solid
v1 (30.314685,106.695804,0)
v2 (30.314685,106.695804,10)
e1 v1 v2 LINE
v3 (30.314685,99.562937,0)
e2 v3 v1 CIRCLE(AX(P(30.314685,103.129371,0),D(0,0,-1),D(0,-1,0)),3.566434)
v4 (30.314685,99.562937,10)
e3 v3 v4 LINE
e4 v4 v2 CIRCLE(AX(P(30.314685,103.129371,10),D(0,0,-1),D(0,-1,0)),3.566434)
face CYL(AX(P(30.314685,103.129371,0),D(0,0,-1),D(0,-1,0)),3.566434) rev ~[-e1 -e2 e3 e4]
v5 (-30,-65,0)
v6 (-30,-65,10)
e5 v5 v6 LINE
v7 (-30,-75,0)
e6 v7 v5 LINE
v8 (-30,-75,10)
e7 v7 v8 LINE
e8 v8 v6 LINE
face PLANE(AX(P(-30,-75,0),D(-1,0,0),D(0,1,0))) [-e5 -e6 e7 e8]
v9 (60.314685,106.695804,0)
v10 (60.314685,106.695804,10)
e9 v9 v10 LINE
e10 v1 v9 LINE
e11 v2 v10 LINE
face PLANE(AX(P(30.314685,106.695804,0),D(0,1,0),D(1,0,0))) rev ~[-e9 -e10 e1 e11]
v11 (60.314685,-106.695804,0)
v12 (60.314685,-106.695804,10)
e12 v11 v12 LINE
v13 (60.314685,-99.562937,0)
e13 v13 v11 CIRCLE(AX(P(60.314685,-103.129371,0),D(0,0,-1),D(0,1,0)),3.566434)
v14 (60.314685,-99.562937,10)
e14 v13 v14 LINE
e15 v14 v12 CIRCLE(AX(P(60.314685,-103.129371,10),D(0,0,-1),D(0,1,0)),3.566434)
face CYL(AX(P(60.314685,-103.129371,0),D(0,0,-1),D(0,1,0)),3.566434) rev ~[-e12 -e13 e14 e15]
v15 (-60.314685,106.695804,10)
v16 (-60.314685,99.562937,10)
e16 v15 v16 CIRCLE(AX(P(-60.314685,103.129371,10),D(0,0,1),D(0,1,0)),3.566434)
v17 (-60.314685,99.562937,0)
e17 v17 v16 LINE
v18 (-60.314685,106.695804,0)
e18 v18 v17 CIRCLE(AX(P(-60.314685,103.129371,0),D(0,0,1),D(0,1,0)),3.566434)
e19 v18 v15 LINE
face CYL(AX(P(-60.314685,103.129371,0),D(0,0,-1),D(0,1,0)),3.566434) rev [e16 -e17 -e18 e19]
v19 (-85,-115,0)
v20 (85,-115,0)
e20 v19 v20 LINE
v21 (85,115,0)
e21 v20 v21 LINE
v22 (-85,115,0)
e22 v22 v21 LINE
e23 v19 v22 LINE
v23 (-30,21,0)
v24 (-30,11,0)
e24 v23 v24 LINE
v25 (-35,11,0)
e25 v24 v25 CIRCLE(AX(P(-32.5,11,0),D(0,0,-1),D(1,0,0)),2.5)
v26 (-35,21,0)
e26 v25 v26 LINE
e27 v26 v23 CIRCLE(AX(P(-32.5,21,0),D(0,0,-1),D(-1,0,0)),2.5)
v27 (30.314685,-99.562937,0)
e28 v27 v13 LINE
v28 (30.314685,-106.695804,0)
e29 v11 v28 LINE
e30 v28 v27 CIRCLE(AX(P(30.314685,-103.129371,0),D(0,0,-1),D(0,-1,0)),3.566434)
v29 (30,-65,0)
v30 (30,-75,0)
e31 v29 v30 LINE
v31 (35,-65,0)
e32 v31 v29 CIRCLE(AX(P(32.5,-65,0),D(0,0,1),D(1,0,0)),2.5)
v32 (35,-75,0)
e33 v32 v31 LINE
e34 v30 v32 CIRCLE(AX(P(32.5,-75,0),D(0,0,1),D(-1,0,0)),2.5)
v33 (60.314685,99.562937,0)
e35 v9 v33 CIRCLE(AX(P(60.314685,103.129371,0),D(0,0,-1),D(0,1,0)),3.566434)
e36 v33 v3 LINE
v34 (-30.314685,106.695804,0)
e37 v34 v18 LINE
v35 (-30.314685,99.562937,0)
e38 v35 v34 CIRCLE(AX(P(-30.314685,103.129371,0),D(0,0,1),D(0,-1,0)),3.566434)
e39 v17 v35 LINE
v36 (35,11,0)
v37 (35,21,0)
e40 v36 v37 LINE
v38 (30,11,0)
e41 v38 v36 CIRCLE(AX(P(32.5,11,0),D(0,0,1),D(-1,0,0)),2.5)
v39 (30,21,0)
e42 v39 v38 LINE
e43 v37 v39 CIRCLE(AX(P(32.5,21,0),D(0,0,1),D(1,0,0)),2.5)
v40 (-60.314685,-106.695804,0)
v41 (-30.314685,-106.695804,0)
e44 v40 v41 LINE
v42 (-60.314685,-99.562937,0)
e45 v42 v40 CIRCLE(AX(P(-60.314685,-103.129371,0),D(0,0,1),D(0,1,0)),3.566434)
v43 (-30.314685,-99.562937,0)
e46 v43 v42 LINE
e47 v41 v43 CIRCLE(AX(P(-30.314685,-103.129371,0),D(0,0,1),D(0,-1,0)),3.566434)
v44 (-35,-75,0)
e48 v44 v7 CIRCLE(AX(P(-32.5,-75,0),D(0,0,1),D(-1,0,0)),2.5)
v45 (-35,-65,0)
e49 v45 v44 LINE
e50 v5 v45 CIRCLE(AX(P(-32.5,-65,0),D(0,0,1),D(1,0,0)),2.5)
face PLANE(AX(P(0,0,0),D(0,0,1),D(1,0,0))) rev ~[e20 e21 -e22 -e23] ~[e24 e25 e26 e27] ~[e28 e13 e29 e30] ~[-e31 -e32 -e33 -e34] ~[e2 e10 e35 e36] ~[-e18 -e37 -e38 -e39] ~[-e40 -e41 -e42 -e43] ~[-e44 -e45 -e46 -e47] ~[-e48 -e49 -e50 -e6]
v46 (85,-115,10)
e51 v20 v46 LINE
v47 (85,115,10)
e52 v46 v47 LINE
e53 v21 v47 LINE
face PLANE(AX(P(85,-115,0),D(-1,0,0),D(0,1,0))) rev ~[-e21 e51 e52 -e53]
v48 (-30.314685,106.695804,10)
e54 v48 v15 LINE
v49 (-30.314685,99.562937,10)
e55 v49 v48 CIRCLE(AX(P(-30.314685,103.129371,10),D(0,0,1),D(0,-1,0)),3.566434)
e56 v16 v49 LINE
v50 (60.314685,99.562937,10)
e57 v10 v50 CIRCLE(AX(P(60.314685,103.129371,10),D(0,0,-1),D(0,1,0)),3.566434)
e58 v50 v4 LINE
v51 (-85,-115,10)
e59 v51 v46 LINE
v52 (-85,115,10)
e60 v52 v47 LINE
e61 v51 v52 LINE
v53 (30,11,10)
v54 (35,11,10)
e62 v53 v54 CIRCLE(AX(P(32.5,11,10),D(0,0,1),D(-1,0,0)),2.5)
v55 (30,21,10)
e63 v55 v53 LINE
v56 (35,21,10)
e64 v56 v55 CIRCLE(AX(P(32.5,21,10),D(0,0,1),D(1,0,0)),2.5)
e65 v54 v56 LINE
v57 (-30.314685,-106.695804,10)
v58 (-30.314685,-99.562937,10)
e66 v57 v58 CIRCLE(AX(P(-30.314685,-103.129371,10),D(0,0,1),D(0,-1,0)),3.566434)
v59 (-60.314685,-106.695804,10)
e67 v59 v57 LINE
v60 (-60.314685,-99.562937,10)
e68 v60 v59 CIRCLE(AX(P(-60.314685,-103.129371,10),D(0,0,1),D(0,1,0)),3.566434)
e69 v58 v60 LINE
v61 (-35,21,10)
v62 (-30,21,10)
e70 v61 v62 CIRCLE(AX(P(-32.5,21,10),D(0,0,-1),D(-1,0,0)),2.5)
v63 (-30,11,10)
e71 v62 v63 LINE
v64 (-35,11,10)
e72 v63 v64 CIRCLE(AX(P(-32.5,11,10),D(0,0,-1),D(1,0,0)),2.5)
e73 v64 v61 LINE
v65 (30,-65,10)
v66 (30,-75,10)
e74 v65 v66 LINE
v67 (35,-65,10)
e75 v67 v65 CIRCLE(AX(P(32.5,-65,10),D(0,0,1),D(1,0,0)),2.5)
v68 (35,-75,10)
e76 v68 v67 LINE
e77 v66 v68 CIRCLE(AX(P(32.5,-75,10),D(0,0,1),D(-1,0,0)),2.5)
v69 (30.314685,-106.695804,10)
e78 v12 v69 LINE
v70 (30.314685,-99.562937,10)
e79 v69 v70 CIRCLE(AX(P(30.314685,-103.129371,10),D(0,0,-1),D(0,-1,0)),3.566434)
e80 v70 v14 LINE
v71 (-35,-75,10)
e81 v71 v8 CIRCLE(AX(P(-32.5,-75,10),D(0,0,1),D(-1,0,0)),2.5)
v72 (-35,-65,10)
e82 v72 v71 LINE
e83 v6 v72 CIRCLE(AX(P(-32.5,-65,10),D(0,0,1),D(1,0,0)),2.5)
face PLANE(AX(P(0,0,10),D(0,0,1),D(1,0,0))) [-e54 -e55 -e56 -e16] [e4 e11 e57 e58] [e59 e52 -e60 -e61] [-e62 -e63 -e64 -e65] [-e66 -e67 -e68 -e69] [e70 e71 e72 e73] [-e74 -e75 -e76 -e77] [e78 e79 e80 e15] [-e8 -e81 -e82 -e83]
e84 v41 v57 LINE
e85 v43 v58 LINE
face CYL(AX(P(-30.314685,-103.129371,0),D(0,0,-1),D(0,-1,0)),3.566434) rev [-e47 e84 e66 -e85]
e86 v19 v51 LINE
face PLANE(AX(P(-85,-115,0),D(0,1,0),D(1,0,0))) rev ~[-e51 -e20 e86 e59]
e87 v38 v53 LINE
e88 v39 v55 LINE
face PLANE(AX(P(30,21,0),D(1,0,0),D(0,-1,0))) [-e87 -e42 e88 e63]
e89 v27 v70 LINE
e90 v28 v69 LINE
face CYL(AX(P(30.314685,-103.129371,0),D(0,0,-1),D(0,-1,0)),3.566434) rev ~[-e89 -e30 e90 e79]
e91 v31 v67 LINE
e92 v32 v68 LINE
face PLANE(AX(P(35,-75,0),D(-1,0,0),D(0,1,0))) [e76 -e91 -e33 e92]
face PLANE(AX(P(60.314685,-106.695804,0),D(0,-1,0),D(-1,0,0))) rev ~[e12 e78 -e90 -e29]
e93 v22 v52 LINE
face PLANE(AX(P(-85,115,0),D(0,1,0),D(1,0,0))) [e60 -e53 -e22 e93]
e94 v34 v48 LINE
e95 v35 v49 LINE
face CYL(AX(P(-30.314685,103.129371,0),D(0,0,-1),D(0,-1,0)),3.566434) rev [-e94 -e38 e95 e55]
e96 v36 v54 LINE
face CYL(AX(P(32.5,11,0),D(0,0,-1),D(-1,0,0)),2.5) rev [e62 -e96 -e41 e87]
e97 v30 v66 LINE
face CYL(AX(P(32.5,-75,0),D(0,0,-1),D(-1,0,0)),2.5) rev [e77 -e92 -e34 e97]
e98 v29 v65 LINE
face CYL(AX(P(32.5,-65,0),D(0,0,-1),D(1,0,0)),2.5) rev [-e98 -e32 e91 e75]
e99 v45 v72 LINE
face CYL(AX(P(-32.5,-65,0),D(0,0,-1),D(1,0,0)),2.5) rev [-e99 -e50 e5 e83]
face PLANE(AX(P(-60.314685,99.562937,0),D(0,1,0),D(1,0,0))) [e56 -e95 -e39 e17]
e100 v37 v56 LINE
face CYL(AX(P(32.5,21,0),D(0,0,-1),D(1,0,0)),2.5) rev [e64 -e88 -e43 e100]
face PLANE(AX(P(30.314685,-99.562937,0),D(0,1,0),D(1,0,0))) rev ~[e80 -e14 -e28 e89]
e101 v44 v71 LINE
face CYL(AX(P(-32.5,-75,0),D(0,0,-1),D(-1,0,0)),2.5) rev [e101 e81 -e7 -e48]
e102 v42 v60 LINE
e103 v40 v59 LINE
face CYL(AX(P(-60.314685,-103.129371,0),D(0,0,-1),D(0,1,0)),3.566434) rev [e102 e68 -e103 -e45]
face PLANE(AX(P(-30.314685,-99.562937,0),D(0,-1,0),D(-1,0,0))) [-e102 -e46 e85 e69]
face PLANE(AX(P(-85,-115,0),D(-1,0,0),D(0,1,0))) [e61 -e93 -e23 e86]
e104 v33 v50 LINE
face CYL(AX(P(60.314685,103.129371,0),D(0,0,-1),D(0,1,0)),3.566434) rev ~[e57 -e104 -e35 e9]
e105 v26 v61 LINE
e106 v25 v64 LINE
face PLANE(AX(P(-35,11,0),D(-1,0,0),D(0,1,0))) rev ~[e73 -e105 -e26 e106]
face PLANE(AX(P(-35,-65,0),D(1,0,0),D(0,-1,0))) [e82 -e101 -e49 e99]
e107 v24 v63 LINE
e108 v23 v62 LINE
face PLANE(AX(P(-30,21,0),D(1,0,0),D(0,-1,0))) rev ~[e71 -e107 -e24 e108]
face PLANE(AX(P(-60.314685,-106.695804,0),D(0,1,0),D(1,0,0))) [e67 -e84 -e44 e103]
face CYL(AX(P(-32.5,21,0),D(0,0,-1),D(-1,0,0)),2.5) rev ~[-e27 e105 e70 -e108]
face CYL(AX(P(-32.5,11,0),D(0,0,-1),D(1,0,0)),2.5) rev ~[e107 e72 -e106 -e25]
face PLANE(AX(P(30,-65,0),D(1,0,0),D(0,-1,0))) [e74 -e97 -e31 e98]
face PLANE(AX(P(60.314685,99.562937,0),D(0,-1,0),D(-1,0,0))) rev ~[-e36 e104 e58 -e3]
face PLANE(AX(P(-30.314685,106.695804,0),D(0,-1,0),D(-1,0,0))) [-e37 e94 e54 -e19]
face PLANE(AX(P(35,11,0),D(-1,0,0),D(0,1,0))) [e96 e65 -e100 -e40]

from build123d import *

# Parameters (mm, degrees)
SKETCH1_W           = 170
SKETCH1_H           = 230
BOSS_EXTRUDE1_DEPTH = 10


with BuildPart() as part:
    # Sketch1 → Boss-Extrude1 (new body)
    with BuildSketch(Plane.XY):
        Rectangle(SKETCH1_W, SKETCH1_H)
        with BuildLine():
            Line((30.314685315, 106.695804196), (60.314685315, 106.695804196))
            ThreePointArc((60.314685315, 106.695804196), (63.881118881, 103.129370629), (60.314685315, 99.562937063))
            Line((60.314685315, 99.562937063), (30.314685315, 99.562937063))
            ThreePointArc((30.314685315, 99.562937063), (26.748251748, 103.129370629), (30.314685315, 106.695804196))
        make_face(mode=Mode.SUBTRACT)
        with BuildLine():
            Line((35, -75), (35, -65))
            ThreePointArc((35, -65), (32.5, -62.5), (30, -65))
            Line((30, -65), (30, -75))
            ThreePointArc((30, -75), (32.5, -77.5), (35, -75))
        make_face(mode=Mode.SUBTRACT)
        with BuildLine():
            Line((-30.314685315, 106.695804196), (-60.314685315, 106.695804196))
            ThreePointArc((-60.314685315, 106.695804196), (-63.881118881, 103.129370629), (-60.314685315, 99.562937063))
            Line((-60.314685315, 99.562937063), (-30.314685315, 99.562937063))
            ThreePointArc((-30.314685315, 99.562937063), (-26.748251748, 103.129370629), (-30.314685315, 106.695804196))
        make_face(mode=Mode.SUBTRACT)
        with BuildLine():
            Line((30, 21), (30, 11))
            ThreePointArc((30, 11), (32.5, 8.5), (35, 11))
            Line((35, 11), (35, 21))
            ThreePointArc((35, 21), (32.5, 23.5), (30, 21))
        make_face(mode=Mode.SUBTRACT)
        with BuildLine():
            Line((-30, 21), (-30, 11))
            ThreePointArc((-30, 11), (-32.5, 8.5), (-35, 11))
            Line((-35, 11), (-35, 21))
            ThreePointArc((-35, 21), (-32.5, 23.5), (-30, 21))
        make_face(mode=Mode.SUBTRACT)
        with BuildLine():
            Line((-30, -75), (-30, -65))
            ThreePointArc((-30, -65), (-32.5, -62.5), (-35, -65))
            Line((-35, -65), (-35, -75))
            ThreePointArc((-35, -75), (-32.5, -77.5), (-30, -75))
        make_face(mode=Mode.SUBTRACT)
        with BuildLine():
            Line((-30.314685315, -99.562937063), (-60.314685315, -99.562937063))
            ThreePointArc((-60.314685315, -99.562937063), (-63.881118881, -103.129370629), (-60.314685315, -106.695804196))
            Line((-60.314685315, -106.695804196), (-30.314685315, -106.695804196))
            ThreePointArc((-30.314685315, -106.695804196), (-26.748251748, -103.129370629), (-30.314685315, -99.562937063))
        make_face(mode=Mode.SUBTRACT)
        with BuildLine():
            Line((30.314685315, -99.562937063), (60.314685315, -99.562937063))
            ThreePointArc((60.314685315, -99.562937063), (63.881118881, -103.129370629), (60.314685315, -106.695804196))
            Line((60.314685315, -106.695804196), (30.314685315, -106.695804196))
            ThreePointArc((30.314685315, -106.695804196), (26.748251748, -103.129370629), (30.314685315, -99.562937063))
        make_face(mode=Mode.SUBTRACT)
    extrude(amount=BOSS_EXTRUDE1_DEPTH)


solid = part.part
